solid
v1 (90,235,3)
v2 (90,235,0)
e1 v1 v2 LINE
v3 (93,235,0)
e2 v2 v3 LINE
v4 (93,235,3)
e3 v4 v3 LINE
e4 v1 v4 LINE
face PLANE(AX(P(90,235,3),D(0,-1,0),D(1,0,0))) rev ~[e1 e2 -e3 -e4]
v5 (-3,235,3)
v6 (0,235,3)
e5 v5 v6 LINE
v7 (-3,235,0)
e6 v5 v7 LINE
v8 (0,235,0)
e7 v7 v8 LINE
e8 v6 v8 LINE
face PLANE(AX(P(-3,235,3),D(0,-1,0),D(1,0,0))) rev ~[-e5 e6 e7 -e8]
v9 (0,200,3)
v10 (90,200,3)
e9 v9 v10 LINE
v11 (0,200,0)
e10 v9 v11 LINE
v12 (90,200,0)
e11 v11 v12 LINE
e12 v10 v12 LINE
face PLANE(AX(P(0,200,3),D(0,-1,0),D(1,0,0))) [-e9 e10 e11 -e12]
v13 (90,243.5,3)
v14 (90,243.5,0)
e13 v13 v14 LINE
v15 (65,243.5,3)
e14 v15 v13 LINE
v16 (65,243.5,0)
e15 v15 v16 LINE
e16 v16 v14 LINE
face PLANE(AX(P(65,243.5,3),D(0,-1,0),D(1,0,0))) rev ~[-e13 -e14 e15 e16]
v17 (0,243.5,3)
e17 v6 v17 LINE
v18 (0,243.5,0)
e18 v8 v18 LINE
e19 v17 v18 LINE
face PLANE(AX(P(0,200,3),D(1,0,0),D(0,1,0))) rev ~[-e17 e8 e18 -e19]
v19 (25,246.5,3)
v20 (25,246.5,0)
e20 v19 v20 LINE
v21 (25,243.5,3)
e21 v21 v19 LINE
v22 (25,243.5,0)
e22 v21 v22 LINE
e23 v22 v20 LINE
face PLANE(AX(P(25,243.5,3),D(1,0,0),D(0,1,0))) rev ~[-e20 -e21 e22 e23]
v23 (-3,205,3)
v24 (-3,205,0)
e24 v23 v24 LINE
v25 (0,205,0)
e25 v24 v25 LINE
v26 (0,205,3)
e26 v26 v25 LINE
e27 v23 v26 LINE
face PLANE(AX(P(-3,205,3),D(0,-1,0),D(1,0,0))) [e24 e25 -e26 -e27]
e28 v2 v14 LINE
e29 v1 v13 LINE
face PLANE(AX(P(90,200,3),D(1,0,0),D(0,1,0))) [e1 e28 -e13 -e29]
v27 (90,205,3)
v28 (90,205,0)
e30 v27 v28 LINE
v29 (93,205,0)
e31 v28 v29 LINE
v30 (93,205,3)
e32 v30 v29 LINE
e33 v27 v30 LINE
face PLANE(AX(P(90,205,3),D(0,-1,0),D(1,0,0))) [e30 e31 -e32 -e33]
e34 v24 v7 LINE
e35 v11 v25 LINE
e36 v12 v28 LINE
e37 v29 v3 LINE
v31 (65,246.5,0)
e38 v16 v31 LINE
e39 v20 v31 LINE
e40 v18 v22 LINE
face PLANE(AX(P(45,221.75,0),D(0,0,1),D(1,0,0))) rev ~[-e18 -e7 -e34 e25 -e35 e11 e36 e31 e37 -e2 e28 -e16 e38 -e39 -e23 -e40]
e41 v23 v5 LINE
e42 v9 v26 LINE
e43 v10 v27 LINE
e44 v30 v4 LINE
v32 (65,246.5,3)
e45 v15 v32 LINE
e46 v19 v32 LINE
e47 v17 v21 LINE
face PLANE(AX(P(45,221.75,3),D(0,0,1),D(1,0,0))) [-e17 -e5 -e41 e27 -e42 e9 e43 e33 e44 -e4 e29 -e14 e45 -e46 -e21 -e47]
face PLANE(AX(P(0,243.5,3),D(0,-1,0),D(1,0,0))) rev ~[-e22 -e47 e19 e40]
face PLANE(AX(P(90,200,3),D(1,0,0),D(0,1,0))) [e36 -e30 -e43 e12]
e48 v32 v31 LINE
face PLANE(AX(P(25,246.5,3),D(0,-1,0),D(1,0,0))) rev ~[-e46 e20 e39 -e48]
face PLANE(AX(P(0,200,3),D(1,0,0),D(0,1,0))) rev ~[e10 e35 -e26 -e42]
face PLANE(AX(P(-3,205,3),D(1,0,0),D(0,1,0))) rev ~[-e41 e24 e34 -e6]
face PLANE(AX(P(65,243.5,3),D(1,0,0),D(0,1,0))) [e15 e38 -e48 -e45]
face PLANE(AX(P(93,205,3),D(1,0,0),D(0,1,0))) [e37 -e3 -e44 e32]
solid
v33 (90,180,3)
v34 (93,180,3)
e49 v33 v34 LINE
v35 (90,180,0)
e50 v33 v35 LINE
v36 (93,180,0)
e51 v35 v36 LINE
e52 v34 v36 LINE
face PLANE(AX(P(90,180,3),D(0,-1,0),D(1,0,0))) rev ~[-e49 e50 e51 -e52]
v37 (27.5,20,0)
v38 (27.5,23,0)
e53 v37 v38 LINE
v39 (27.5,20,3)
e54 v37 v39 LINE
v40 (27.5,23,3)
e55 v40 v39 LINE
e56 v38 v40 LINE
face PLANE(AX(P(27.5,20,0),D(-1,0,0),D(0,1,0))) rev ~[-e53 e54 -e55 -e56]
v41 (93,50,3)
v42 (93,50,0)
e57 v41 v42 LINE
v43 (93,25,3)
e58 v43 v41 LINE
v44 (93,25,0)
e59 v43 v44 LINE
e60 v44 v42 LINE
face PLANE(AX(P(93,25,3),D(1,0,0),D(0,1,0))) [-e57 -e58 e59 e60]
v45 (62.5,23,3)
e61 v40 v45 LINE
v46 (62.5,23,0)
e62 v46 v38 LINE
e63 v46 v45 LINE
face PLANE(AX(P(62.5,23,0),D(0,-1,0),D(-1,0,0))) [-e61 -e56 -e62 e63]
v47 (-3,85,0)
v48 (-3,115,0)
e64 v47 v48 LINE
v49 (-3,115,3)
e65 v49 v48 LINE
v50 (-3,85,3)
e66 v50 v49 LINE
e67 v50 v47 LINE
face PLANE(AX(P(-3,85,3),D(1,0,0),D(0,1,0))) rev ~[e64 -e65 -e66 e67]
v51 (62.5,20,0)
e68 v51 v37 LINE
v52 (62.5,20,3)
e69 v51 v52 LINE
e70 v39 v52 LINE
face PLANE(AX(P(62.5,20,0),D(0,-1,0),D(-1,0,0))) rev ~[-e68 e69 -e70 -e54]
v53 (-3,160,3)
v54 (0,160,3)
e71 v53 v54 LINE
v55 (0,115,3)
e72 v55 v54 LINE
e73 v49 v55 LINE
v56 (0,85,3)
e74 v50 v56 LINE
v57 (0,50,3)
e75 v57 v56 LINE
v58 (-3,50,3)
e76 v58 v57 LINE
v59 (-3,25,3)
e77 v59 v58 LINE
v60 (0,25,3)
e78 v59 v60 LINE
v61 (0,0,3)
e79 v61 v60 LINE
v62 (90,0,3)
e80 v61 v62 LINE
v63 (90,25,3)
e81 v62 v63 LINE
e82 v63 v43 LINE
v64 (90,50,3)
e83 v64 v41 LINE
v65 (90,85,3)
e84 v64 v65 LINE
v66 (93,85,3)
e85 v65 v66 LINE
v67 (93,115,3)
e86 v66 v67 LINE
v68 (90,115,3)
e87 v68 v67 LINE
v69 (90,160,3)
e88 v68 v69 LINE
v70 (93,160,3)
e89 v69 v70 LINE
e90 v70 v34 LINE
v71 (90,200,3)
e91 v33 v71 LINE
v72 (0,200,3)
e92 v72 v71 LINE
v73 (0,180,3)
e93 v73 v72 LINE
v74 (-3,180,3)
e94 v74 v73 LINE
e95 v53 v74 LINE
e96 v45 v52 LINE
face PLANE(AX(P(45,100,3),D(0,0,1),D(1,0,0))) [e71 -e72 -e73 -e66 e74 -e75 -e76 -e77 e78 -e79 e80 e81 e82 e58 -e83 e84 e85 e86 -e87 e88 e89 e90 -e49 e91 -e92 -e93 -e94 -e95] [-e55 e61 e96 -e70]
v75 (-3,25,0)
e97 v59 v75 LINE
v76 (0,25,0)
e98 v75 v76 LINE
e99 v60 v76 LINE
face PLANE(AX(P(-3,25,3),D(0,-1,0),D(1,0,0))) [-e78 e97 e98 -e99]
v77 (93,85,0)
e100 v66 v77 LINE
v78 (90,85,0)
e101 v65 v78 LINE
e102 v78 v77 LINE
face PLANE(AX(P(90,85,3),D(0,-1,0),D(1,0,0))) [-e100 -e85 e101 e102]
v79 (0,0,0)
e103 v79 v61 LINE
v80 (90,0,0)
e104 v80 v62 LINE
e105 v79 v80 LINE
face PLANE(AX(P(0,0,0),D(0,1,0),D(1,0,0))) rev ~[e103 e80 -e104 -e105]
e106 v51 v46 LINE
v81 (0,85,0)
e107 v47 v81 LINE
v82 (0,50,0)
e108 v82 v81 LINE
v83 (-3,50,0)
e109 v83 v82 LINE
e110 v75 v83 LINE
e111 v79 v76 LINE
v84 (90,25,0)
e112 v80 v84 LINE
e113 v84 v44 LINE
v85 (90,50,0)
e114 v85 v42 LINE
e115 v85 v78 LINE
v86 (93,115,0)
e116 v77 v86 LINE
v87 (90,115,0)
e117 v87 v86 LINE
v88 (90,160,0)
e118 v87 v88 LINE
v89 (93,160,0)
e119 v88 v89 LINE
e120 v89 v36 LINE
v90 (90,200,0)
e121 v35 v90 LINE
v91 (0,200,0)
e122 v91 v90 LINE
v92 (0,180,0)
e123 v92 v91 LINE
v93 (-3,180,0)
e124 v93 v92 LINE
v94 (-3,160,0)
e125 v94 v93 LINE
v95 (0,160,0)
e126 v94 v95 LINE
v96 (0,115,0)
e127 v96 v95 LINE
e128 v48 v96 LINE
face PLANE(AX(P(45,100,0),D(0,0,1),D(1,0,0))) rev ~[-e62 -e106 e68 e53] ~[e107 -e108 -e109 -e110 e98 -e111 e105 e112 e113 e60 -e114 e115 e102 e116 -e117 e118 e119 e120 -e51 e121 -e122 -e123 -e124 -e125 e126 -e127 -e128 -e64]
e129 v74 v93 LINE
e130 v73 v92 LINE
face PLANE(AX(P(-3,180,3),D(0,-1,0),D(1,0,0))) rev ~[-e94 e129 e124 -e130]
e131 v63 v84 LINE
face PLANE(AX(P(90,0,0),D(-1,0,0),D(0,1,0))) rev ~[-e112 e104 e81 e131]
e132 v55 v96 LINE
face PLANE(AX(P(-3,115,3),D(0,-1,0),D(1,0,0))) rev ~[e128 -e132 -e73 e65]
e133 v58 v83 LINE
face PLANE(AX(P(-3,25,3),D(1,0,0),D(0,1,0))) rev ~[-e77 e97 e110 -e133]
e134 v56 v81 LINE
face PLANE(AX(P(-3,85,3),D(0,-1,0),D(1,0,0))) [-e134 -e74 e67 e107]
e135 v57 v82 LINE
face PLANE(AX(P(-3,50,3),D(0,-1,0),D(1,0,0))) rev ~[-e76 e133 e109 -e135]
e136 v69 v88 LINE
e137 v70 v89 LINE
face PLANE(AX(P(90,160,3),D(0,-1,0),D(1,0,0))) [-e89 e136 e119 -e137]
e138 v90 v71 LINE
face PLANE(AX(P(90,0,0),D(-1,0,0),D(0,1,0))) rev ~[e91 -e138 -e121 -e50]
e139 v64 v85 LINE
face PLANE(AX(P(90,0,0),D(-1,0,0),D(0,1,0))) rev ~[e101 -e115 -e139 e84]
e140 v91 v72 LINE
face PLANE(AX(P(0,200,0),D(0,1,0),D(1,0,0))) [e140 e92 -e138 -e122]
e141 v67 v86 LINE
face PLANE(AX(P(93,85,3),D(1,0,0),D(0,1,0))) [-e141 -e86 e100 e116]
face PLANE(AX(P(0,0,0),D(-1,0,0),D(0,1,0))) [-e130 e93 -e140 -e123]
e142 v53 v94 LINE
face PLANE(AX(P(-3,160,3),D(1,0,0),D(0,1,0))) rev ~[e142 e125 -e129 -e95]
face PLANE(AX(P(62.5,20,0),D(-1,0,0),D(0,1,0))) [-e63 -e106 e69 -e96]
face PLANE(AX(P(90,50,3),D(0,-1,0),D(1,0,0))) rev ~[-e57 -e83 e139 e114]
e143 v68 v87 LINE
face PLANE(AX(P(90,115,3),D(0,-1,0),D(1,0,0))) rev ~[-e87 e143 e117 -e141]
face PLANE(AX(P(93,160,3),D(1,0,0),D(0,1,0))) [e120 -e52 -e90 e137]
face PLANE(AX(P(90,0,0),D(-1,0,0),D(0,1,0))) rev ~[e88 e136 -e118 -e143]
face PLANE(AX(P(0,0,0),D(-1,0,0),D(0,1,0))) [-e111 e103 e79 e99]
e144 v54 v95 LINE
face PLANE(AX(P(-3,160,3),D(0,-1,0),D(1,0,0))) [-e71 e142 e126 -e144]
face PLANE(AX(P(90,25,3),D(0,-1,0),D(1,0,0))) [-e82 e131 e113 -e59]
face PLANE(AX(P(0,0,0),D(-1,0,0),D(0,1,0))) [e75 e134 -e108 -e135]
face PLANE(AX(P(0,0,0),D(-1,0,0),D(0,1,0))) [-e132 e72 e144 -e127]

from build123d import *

# Parameters (mm, degrees)
SKETCH1_W           = 90
SKETCH1_H           = 200
BOSS_EXTRUDE1_DEPTH = 3
SKETCH3_W           = 3
SKETCH3_H           = 20
SKETCH3_H_2         = 30
SKETCH3_H_3         = 25
BOSS_EXTRUDE2_DEPTH = 3
SKETCH4_W           = 90
SKETCH4_H           = 43.5
SKETCH4_W_2         = 40
SKETCH4_H_2         = 3
BOSS_EXTRUDE4_DEPTH = 3
SKETCH7_W           = 35
SKETCH7_H           = 3
CUT_EXTRUDE3_DEPTH  = 4
SKETCH12_W          = 3
SKETCH12_H          = 30
BOSS_EXTRUDE7_DEPTH = 3


with BuildPart() as part:
    # Sketch1 → Boss-Extrude1 (new body)
    with BuildSketch(Plane.XY):
        with Locations((45, 100)):
            Rectangle(SKETCH1_W, SKETCH1_H)
    extrude(amount=BOSS_EXTRUDE1_DEPTH)

    # Sketch3 → Boss-Extrude2 (add)
    with BuildSketch(Plane.XY.offset(3)):
        with Locations((-1.5, 170)):
            Rectangle(SKETCH3_W, SKETCH3_H)
        with Locations((91.5, 170)):
            Rectangle(SKETCH3_W, SKETCH3_H)
        with Locations((91.5, 100)):
            Rectangle(SKETCH3_W, SKETCH3_H_2)
        with Locations((-1.5, 100)):
            Rectangle(SKETCH3_W, SKETCH3_H_2)
        with Locations((-1.5, 37.5)):
            Rectangle(SKETCH3_W, SKETCH3_H_3)
        with Locations((91.5, 37.5)):
            Rectangle(SKETCH3_W, SKETCH3_H_3)
    extrude(amount=-BOSS_EXTRUDE2_DEPTH)

    # Sketch7 → Cut-Extrude3 (cut)
    with BuildSketch(Plane(origin=(0, 0, 0), x_dir=(-1, 0, 0), z_dir=(0, 0, -1))):
        with Locations((-45, 21.5)):
            Rectangle(SKETCH7_W, SKETCH7_H)
    extrude(amount=-CUT_EXTRUDE3_DEPTH, mode=Mode.SUBTRACT)


with BuildPart() as body_2:
    # Sketch4 → Boss-Extrude4 (new body)
    with BuildSketch(Plane.XY.offset(3)):
        with Locations((45, 221.75)):
            Rectangle(SKETCH4_W, SKETCH4_H)
        with Locations((45, 245)):
            Rectangle(SKETCH4_W_2, SKETCH4_H_2)
    extrude(amount=-BOSS_EXTRUDE4_DEPTH)

    # Sketch12 → Boss-Extrude7 (add)
    with BuildSketch(Plane.XY.offset(3)):
        with Locations((-1.5, 220)):
            Rectangle(SKETCH12_W, SKETCH12_H)
        with Locations((91.5, 220)):
            Rectangle(SKETCH12_W, SKETCH12_H)
    extrude(amount=-BOSS_EXTRUDE7_DEPTH)


solid = Compound([part.part, body_2.part])
